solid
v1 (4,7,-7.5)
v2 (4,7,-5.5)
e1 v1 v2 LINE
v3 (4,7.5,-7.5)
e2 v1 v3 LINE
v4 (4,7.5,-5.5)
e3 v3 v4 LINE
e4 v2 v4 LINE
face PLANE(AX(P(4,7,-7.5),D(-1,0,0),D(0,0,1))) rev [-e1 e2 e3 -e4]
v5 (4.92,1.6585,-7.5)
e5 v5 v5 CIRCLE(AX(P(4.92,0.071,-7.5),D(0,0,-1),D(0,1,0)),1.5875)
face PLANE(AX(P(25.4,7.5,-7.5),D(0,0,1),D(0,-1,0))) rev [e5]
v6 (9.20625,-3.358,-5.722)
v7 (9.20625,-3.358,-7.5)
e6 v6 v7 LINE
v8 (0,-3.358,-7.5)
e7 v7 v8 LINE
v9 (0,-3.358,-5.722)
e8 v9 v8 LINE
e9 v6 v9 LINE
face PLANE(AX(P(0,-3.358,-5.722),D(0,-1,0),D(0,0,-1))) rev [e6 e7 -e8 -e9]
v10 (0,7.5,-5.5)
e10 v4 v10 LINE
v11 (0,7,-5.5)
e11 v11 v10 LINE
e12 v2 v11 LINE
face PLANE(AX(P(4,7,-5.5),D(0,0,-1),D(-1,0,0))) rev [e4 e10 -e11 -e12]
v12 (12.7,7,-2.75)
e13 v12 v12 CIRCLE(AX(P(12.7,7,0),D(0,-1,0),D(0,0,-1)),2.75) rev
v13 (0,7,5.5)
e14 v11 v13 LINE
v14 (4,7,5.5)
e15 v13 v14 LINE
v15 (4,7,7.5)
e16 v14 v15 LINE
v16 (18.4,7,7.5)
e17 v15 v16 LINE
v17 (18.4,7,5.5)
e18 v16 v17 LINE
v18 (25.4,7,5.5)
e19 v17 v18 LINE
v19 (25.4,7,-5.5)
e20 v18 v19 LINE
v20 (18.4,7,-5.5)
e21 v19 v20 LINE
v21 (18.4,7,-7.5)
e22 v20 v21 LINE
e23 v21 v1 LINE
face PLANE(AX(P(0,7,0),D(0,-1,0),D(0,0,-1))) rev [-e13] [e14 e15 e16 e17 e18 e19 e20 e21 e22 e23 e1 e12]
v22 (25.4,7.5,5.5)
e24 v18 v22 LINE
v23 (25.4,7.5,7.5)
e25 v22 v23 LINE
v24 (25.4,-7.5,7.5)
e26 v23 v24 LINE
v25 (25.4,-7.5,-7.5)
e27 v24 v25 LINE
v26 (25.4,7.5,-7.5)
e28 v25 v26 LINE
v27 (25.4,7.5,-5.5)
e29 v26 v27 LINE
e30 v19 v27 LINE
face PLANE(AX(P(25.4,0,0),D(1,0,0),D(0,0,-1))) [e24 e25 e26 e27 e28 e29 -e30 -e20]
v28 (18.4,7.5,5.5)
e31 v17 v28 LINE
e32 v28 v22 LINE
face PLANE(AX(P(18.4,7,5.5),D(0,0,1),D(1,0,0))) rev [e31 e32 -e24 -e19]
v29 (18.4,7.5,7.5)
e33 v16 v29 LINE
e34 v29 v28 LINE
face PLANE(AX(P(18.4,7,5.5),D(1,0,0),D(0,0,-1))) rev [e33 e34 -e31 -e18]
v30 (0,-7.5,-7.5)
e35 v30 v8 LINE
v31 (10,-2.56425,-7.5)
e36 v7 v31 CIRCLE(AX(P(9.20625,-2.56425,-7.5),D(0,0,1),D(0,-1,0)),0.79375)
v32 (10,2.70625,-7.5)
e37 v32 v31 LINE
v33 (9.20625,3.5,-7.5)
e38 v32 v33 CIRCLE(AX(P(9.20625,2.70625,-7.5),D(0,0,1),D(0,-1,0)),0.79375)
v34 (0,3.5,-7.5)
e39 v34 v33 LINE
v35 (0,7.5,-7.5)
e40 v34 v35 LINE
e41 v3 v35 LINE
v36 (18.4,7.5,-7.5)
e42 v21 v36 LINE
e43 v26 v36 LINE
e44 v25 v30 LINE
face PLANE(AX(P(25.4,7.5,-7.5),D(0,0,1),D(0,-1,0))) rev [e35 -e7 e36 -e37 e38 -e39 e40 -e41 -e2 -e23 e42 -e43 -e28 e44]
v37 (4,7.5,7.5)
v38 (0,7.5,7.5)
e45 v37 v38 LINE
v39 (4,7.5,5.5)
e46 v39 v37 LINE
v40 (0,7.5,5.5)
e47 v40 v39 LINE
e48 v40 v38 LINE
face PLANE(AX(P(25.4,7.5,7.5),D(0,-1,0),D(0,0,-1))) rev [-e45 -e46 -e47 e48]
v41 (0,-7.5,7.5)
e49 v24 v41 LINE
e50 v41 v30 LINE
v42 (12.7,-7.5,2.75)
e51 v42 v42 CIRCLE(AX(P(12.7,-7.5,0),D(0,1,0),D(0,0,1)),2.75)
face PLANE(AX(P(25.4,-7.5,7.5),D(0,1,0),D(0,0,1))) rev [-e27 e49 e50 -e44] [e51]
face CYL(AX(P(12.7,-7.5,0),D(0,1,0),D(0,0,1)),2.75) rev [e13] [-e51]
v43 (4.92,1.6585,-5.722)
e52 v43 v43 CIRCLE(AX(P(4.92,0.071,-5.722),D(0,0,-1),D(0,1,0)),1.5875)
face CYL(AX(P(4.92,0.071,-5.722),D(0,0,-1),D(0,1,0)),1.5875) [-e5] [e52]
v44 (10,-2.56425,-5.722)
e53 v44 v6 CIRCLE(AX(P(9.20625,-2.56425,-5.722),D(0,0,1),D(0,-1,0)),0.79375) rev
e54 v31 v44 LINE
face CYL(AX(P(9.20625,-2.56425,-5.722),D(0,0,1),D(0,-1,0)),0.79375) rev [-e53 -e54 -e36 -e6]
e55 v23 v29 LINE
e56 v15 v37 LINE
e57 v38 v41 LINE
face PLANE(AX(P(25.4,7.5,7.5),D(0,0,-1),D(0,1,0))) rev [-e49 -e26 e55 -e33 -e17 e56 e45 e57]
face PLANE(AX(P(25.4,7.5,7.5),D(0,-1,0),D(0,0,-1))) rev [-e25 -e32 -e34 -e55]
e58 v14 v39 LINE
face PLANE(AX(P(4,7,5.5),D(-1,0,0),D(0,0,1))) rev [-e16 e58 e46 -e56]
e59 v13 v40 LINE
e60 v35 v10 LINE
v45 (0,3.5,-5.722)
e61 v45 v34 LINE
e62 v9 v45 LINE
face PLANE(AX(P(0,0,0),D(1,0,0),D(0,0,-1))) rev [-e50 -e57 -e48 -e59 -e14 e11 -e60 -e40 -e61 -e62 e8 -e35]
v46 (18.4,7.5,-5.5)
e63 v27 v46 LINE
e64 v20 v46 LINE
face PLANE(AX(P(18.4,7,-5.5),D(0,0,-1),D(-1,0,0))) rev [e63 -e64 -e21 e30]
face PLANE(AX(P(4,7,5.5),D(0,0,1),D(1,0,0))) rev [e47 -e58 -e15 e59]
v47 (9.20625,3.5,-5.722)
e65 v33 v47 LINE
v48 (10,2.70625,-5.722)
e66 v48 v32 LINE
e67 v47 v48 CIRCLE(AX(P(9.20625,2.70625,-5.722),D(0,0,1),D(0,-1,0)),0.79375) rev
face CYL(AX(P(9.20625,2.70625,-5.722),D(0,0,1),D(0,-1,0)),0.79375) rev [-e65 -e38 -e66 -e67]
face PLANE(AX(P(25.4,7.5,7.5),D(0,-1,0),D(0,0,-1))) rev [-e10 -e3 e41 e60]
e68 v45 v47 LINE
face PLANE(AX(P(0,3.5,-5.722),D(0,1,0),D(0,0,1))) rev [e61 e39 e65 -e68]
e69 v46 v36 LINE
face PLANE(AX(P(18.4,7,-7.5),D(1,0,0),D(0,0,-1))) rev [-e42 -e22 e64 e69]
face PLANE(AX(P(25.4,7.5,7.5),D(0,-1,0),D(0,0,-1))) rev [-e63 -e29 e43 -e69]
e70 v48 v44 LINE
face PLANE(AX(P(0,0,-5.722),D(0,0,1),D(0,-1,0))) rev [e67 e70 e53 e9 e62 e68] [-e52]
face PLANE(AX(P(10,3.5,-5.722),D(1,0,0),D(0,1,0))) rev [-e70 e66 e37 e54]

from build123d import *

# Parameters (mm, degrees)
SKETCH1_W           = 15
SKETCH1_H           = 15
BOSS_EXTRUDE1_DEPTH = 25.4
SKETCH2_R           = 2.75
CUT_EXTRUDE1_DEPTH  = 31.436984082
SKETCH3_W           = 10
SKETCH3_H           = 6.858
SKETCH3_R           = 1.5875
CUT_EXTRUDE2_DEPTH  = 1.778
FILLET1_R           = 0.79375
CUT_EXTRUDE3_DEPTH  = 0.5


with BuildPart() as part:
    # Sketch1 → Boss-Extrude1 (new body)
    with BuildSketch(Plane(origin=(0, 0, 0), x_dir=(0, 0, -1), z_dir=(1, 0, 0))):
        Rectangle(SKETCH1_W, SKETCH1_H)
    extrude(amount=BOSS_EXTRUDE1_DEPTH)

    # Sketch2 → Cut-Extrude1 (cut, through all)
    with BuildSketch(Plane(origin=(0, 7.5, 0), x_dir=(1, 0, 0), z_dir=(0, 1, 0))):
        with Locations(Location((12.7, 0, 0), (0, 0, 270))):
            Circle(SKETCH2_R)
    extrude(amount=-CUT_EXTRUDE1_DEPTH, mode=Mode.SUBTRACT)

    # Sketch3 → Cut-Extrude2 (cut)
    with BuildSketch(Plane(origin=(0, 0, -7.5), x_dir=(-1, 0, 0), z_dir=(0, 0, -1))):
        with Locations((-5, 0.071)):
            Rectangle(SKETCH3_W, SKETCH3_H)
        with Locations(Location((-4.92, 0.071, 0), (0, 0, 90))):
            Circle(SKETCH3_R, mode=Mode.SUBTRACT)
    extrude(amount=-CUT_EXTRUDE2_DEPTH, mode=Mode.SUBTRACT)

    # Fillet1
    fillet1_edges = [part.edges().sort_by_distance(p)[0] for p in [
        (10, -3.358, -6.611),
        (10, 3.5, -6.611),
    ]]
    fillet(fillet1_edges, radius=FILLET1_R)

    # Sketch7 → Cut-Extrude3 (cut)
    with BuildSketch(Plane(origin=(0, 7.5, 0), x_dir=(1, 0, 0), z_dir=(0, 1, 0))):
        Polygon((4, 7.5), (18.4, 7.5), (18.4, 5.5), (25.4, 5.5), (25.4, -5.5), (18.4, -5.5), (18.4, -7.5), (4, -7.5), (4, -5.5), (0, -5.5), (0, 5.5), (4, 5.5), align=None)
    extrude(amount=-CUT_EXTRUDE3_DEPTH, mode=Mode.SUBTRACT)


solid = part.part
